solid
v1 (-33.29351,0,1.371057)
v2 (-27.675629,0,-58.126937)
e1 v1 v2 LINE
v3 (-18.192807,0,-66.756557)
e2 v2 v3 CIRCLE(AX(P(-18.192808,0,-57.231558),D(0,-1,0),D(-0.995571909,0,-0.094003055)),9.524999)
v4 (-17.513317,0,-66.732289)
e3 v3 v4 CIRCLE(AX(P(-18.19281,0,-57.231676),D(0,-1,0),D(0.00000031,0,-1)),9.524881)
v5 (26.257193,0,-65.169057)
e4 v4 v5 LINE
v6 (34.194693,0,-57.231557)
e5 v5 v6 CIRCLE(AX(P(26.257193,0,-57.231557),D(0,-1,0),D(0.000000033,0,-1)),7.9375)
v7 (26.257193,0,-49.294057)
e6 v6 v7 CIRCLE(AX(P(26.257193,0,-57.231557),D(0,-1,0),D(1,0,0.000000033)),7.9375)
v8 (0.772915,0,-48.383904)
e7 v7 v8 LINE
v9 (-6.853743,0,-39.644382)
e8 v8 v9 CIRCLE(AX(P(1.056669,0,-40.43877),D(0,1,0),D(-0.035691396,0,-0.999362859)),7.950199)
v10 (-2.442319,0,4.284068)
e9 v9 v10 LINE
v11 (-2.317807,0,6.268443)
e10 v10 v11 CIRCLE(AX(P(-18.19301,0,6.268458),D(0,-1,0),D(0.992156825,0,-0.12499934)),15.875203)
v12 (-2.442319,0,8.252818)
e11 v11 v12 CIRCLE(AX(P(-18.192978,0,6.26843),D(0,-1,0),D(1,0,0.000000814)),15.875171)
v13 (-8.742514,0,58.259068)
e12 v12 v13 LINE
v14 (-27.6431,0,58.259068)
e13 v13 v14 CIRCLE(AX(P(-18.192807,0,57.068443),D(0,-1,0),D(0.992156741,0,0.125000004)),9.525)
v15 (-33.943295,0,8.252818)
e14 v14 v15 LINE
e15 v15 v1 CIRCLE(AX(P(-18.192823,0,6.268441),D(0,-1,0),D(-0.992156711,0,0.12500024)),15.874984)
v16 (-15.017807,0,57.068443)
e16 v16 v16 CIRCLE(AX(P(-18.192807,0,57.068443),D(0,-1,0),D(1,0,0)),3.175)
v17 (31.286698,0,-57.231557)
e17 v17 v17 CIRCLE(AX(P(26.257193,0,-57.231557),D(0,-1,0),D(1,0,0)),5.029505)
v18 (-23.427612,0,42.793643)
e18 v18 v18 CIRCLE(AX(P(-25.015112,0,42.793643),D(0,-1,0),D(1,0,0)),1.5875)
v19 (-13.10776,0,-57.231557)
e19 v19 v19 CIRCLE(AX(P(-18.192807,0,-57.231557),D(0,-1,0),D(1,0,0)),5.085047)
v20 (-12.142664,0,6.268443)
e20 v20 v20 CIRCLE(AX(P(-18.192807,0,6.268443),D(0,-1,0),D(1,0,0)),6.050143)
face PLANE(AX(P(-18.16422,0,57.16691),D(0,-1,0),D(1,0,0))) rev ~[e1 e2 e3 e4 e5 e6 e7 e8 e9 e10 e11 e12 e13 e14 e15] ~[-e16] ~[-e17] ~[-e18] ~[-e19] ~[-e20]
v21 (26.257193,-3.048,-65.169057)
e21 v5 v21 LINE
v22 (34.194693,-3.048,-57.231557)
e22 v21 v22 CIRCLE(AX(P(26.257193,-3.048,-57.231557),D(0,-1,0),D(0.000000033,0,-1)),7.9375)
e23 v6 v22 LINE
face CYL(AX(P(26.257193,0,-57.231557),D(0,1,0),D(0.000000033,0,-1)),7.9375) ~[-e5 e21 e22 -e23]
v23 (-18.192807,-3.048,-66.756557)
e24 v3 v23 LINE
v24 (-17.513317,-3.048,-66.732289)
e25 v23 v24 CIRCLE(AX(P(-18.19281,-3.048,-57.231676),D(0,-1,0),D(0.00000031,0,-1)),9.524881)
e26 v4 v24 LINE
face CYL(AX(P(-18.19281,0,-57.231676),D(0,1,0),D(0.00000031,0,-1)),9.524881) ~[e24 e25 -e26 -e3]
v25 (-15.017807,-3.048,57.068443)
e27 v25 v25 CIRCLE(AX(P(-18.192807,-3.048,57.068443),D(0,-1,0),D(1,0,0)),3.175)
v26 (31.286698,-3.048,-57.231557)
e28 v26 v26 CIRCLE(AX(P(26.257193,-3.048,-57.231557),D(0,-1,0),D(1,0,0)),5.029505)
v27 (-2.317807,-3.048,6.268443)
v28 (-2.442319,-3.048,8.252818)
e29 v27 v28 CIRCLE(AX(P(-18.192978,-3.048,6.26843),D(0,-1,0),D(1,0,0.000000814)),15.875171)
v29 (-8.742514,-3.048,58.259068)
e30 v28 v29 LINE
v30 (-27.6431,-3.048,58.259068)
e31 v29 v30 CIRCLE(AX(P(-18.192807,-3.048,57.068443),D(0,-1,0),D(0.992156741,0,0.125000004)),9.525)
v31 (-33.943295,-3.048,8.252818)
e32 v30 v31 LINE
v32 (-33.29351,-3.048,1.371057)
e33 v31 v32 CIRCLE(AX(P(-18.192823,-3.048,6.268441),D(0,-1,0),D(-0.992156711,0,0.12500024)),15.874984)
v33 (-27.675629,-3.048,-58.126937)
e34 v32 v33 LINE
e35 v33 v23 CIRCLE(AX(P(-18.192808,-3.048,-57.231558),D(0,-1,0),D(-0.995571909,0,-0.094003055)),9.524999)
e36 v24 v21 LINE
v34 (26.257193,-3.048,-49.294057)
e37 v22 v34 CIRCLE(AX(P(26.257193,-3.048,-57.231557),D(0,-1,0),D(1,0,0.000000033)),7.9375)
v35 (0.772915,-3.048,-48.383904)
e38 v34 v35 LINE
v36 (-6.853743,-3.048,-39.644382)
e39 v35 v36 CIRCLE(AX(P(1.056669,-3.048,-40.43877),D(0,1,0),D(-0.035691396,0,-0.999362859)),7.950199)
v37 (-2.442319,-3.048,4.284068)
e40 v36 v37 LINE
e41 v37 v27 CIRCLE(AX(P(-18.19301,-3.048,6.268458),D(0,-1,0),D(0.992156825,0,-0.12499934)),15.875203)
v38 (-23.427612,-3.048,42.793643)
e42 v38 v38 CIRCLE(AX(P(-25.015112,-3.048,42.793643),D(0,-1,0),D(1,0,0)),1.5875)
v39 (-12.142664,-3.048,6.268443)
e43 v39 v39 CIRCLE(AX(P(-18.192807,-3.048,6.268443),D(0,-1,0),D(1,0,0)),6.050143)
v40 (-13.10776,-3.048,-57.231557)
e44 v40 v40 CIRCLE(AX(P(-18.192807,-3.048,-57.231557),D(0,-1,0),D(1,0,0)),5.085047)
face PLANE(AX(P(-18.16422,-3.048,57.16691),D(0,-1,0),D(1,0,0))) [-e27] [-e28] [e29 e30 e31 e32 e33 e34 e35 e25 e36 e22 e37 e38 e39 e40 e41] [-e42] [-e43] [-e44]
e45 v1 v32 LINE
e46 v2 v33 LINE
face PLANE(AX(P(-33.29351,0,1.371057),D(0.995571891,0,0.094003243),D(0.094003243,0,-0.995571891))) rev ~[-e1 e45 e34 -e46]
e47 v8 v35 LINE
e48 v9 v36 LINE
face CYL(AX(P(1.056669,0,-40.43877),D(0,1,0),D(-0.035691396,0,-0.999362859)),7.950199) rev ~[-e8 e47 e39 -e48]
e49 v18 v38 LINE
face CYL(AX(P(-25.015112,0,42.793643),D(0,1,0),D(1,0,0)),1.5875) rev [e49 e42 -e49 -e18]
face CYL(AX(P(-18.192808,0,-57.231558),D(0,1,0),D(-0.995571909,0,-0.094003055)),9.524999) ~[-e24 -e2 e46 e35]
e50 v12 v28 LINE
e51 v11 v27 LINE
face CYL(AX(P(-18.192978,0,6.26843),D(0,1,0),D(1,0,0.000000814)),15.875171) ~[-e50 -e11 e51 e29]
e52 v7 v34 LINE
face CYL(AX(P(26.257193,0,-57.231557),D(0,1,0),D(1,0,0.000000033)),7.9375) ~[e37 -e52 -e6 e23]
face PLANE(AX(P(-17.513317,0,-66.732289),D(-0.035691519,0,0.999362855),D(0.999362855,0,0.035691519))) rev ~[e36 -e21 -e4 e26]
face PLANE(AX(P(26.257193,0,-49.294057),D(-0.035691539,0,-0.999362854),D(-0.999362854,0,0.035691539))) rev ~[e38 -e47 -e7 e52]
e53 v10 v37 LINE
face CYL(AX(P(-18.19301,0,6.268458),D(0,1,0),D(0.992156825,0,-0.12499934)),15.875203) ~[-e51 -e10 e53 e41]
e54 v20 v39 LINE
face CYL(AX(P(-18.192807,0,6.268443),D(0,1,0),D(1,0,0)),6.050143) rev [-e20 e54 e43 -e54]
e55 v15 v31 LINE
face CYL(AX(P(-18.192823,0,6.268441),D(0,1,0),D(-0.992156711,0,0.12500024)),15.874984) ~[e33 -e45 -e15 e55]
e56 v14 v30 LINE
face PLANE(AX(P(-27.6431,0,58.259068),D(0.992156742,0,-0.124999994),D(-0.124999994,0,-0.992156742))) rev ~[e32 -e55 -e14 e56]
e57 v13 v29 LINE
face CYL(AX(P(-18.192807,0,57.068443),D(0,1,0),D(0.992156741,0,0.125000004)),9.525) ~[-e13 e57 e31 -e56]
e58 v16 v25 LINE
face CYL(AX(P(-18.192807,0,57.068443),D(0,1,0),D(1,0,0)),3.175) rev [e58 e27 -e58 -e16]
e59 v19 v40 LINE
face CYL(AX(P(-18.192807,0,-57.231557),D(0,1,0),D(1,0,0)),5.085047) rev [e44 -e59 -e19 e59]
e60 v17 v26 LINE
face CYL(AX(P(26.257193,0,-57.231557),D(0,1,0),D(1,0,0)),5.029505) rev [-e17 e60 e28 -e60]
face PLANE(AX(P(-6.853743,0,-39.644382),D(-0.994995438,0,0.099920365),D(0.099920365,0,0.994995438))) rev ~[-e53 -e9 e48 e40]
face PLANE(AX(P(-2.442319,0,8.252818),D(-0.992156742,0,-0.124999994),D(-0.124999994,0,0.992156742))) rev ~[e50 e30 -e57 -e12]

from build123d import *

# Parameters (mm, degrees)
F0_R     = 3.175
F0_R_2   = 1.5875
F0_R_3   = 6.050143
F0_R_4   = 5.085047
F0_R_5   = 5.029505
F1_DEPTH = 3.048


with BuildPart() as f1:
    # F0 (on Front) → F1 (new body)
    with BuildSketch(Plane.XZ):
        with BuildLine():
            ThreePointArc((-27.6431, 58.259068), (-18.78929, 47.562138), (-8.667807, 57.068443))
            ThreePointArc((-8.667807, 57.068443), (-8.686502, 57.664927), (-8.742514, 58.259068))
            ThreePointArc((-8.742514, 58.259068), (-18.192807, 66.593443), (-27.6431, 58.259068))
        make_face()
        with Locations((-18.192807, 57.068443)):
            Circle(F0_R, mode=Mode.SUBTRACT)
        with BuildLine():
            ThreePointArc((-8.742514, 58.259068), (-8.686502, 57.664927), (-8.667807, 57.068443))
            ThreePointArc((-8.667807, 57.068443), (-18.78929, 47.562138), (-27.6431, 58.259068))
            Line((-27.6431, 58.259068), (-33.943295, 8.252818))
            ThreePointArc((-33.943295, 8.252818), (-18.192807, 22.143443), (-2.442319, 8.252818))
            Line((-2.442319, 8.252818), (-8.742514, 58.259068))
        make_face()
        with Locations((-25.015112, 42.793643)):
            Circle(F0_R_2, mode=Mode.SUBTRACT)
        with BuildLine():
            ThreePointArc((-2.317807, 6.268443), (-2.348966, 7.262582), (-2.442319, 8.252818))
            ThreePointArc((-2.442319, 8.252818), (-18.192807, 22.143443), (-33.943295, 8.252818))
            Line((-33.943295, 8.252818), (-33.29351, 1.371057))
            ThreePointArc((-33.29351, 1.371057), (-16.700506, -9.53626), (-2.442319, 4.284068))
            ThreePointArc((-2.442319, 4.284068), (-2.348966, 5.274305), (-2.317807, 6.268443))
        make_face()
        with Locations((-18.192807, 6.268443)):
            Circle(F0_R_3, mode=Mode.SUBTRACT)
        with BuildLine():
            Line((-33.29351, 1.371057), (-33.943295, 8.252818))
            ThreePointArc((-33.943295, 8.252818), (-33.997511, 4.776142), (-33.29351, 1.371057))
        make_face()
        with BuildLine():
            ThreePointArc((-2.442319, 4.284068), (-16.700506, -9.53626), (-33.29351, 1.371057))
            Line((-33.29351, 1.371057), (-27.675629, -58.126937))
            ThreePointArc((-27.675629, -58.126937), (-18.640994, -47.717107), (-8.667807, -57.231557))
            ThreePointArc((-8.667807, -57.231557), (-11.221517, -63.722068), (-17.513317, -66.732289))
            Line((-17.513317, -66.732289), (26.257193, -65.169057))
            ThreePointArc((26.257193, -65.169057), (18.319693, -57.231557), (26.257193, -49.294057))
            Line((26.257193, -49.294057), (0.772915, -48.383904))
            ThreePointArc((0.772915, -48.383904), (-4.933398, -45.66608), (-6.853743, -39.644382))
            Line((-6.853743, -39.644382), (-2.442319, 4.284068))
        make_face()
        with BuildLine():
            ThreePointArc((-8.667807, -57.231557), (-18.640994, -47.717107), (-27.675629, -58.126937))
            ThreePointArc((-27.675629, -58.126937), (-24.603623, -64.276205), (-18.192807, -66.756557))
            Line((-18.192807, -66.756557), (-17.513317, -66.732289))
            ThreePointArc((-17.513317, -66.732289), (-11.221517, -63.722068), (-8.667807, -57.231557))
        make_face()
        with Locations((-18.192807, -57.231557)):
            Circle(F0_R_4, mode=Mode.SUBTRACT)
        with BuildLine():
            Line((-17.513317, -66.732289), (-18.192807, -66.756557))
            ThreePointArc((-18.192807, -66.756557), (-17.852845, -66.750488), (-17.513317, -66.732289))
        make_face()
        with BuildLine():
            ThreePointArc((34.194693, -57.231557), (31.869853, -51.618897), (26.257193, -49.294057))
            ThreePointArc((26.257193, -49.294057), (18.319693, -57.231557), (26.257193, -65.169057))
            ThreePointArc((26.257193, -65.169057), (31.869853, -62.844217), (34.194693, -57.231557))
        make_face()
        with Locations((26.257193, -57.231557)):
            Circle(F0_R_5, mode=Mode.SUBTRACT)
    extrude(amount=F1_DEPTH)


solid = f1.part
